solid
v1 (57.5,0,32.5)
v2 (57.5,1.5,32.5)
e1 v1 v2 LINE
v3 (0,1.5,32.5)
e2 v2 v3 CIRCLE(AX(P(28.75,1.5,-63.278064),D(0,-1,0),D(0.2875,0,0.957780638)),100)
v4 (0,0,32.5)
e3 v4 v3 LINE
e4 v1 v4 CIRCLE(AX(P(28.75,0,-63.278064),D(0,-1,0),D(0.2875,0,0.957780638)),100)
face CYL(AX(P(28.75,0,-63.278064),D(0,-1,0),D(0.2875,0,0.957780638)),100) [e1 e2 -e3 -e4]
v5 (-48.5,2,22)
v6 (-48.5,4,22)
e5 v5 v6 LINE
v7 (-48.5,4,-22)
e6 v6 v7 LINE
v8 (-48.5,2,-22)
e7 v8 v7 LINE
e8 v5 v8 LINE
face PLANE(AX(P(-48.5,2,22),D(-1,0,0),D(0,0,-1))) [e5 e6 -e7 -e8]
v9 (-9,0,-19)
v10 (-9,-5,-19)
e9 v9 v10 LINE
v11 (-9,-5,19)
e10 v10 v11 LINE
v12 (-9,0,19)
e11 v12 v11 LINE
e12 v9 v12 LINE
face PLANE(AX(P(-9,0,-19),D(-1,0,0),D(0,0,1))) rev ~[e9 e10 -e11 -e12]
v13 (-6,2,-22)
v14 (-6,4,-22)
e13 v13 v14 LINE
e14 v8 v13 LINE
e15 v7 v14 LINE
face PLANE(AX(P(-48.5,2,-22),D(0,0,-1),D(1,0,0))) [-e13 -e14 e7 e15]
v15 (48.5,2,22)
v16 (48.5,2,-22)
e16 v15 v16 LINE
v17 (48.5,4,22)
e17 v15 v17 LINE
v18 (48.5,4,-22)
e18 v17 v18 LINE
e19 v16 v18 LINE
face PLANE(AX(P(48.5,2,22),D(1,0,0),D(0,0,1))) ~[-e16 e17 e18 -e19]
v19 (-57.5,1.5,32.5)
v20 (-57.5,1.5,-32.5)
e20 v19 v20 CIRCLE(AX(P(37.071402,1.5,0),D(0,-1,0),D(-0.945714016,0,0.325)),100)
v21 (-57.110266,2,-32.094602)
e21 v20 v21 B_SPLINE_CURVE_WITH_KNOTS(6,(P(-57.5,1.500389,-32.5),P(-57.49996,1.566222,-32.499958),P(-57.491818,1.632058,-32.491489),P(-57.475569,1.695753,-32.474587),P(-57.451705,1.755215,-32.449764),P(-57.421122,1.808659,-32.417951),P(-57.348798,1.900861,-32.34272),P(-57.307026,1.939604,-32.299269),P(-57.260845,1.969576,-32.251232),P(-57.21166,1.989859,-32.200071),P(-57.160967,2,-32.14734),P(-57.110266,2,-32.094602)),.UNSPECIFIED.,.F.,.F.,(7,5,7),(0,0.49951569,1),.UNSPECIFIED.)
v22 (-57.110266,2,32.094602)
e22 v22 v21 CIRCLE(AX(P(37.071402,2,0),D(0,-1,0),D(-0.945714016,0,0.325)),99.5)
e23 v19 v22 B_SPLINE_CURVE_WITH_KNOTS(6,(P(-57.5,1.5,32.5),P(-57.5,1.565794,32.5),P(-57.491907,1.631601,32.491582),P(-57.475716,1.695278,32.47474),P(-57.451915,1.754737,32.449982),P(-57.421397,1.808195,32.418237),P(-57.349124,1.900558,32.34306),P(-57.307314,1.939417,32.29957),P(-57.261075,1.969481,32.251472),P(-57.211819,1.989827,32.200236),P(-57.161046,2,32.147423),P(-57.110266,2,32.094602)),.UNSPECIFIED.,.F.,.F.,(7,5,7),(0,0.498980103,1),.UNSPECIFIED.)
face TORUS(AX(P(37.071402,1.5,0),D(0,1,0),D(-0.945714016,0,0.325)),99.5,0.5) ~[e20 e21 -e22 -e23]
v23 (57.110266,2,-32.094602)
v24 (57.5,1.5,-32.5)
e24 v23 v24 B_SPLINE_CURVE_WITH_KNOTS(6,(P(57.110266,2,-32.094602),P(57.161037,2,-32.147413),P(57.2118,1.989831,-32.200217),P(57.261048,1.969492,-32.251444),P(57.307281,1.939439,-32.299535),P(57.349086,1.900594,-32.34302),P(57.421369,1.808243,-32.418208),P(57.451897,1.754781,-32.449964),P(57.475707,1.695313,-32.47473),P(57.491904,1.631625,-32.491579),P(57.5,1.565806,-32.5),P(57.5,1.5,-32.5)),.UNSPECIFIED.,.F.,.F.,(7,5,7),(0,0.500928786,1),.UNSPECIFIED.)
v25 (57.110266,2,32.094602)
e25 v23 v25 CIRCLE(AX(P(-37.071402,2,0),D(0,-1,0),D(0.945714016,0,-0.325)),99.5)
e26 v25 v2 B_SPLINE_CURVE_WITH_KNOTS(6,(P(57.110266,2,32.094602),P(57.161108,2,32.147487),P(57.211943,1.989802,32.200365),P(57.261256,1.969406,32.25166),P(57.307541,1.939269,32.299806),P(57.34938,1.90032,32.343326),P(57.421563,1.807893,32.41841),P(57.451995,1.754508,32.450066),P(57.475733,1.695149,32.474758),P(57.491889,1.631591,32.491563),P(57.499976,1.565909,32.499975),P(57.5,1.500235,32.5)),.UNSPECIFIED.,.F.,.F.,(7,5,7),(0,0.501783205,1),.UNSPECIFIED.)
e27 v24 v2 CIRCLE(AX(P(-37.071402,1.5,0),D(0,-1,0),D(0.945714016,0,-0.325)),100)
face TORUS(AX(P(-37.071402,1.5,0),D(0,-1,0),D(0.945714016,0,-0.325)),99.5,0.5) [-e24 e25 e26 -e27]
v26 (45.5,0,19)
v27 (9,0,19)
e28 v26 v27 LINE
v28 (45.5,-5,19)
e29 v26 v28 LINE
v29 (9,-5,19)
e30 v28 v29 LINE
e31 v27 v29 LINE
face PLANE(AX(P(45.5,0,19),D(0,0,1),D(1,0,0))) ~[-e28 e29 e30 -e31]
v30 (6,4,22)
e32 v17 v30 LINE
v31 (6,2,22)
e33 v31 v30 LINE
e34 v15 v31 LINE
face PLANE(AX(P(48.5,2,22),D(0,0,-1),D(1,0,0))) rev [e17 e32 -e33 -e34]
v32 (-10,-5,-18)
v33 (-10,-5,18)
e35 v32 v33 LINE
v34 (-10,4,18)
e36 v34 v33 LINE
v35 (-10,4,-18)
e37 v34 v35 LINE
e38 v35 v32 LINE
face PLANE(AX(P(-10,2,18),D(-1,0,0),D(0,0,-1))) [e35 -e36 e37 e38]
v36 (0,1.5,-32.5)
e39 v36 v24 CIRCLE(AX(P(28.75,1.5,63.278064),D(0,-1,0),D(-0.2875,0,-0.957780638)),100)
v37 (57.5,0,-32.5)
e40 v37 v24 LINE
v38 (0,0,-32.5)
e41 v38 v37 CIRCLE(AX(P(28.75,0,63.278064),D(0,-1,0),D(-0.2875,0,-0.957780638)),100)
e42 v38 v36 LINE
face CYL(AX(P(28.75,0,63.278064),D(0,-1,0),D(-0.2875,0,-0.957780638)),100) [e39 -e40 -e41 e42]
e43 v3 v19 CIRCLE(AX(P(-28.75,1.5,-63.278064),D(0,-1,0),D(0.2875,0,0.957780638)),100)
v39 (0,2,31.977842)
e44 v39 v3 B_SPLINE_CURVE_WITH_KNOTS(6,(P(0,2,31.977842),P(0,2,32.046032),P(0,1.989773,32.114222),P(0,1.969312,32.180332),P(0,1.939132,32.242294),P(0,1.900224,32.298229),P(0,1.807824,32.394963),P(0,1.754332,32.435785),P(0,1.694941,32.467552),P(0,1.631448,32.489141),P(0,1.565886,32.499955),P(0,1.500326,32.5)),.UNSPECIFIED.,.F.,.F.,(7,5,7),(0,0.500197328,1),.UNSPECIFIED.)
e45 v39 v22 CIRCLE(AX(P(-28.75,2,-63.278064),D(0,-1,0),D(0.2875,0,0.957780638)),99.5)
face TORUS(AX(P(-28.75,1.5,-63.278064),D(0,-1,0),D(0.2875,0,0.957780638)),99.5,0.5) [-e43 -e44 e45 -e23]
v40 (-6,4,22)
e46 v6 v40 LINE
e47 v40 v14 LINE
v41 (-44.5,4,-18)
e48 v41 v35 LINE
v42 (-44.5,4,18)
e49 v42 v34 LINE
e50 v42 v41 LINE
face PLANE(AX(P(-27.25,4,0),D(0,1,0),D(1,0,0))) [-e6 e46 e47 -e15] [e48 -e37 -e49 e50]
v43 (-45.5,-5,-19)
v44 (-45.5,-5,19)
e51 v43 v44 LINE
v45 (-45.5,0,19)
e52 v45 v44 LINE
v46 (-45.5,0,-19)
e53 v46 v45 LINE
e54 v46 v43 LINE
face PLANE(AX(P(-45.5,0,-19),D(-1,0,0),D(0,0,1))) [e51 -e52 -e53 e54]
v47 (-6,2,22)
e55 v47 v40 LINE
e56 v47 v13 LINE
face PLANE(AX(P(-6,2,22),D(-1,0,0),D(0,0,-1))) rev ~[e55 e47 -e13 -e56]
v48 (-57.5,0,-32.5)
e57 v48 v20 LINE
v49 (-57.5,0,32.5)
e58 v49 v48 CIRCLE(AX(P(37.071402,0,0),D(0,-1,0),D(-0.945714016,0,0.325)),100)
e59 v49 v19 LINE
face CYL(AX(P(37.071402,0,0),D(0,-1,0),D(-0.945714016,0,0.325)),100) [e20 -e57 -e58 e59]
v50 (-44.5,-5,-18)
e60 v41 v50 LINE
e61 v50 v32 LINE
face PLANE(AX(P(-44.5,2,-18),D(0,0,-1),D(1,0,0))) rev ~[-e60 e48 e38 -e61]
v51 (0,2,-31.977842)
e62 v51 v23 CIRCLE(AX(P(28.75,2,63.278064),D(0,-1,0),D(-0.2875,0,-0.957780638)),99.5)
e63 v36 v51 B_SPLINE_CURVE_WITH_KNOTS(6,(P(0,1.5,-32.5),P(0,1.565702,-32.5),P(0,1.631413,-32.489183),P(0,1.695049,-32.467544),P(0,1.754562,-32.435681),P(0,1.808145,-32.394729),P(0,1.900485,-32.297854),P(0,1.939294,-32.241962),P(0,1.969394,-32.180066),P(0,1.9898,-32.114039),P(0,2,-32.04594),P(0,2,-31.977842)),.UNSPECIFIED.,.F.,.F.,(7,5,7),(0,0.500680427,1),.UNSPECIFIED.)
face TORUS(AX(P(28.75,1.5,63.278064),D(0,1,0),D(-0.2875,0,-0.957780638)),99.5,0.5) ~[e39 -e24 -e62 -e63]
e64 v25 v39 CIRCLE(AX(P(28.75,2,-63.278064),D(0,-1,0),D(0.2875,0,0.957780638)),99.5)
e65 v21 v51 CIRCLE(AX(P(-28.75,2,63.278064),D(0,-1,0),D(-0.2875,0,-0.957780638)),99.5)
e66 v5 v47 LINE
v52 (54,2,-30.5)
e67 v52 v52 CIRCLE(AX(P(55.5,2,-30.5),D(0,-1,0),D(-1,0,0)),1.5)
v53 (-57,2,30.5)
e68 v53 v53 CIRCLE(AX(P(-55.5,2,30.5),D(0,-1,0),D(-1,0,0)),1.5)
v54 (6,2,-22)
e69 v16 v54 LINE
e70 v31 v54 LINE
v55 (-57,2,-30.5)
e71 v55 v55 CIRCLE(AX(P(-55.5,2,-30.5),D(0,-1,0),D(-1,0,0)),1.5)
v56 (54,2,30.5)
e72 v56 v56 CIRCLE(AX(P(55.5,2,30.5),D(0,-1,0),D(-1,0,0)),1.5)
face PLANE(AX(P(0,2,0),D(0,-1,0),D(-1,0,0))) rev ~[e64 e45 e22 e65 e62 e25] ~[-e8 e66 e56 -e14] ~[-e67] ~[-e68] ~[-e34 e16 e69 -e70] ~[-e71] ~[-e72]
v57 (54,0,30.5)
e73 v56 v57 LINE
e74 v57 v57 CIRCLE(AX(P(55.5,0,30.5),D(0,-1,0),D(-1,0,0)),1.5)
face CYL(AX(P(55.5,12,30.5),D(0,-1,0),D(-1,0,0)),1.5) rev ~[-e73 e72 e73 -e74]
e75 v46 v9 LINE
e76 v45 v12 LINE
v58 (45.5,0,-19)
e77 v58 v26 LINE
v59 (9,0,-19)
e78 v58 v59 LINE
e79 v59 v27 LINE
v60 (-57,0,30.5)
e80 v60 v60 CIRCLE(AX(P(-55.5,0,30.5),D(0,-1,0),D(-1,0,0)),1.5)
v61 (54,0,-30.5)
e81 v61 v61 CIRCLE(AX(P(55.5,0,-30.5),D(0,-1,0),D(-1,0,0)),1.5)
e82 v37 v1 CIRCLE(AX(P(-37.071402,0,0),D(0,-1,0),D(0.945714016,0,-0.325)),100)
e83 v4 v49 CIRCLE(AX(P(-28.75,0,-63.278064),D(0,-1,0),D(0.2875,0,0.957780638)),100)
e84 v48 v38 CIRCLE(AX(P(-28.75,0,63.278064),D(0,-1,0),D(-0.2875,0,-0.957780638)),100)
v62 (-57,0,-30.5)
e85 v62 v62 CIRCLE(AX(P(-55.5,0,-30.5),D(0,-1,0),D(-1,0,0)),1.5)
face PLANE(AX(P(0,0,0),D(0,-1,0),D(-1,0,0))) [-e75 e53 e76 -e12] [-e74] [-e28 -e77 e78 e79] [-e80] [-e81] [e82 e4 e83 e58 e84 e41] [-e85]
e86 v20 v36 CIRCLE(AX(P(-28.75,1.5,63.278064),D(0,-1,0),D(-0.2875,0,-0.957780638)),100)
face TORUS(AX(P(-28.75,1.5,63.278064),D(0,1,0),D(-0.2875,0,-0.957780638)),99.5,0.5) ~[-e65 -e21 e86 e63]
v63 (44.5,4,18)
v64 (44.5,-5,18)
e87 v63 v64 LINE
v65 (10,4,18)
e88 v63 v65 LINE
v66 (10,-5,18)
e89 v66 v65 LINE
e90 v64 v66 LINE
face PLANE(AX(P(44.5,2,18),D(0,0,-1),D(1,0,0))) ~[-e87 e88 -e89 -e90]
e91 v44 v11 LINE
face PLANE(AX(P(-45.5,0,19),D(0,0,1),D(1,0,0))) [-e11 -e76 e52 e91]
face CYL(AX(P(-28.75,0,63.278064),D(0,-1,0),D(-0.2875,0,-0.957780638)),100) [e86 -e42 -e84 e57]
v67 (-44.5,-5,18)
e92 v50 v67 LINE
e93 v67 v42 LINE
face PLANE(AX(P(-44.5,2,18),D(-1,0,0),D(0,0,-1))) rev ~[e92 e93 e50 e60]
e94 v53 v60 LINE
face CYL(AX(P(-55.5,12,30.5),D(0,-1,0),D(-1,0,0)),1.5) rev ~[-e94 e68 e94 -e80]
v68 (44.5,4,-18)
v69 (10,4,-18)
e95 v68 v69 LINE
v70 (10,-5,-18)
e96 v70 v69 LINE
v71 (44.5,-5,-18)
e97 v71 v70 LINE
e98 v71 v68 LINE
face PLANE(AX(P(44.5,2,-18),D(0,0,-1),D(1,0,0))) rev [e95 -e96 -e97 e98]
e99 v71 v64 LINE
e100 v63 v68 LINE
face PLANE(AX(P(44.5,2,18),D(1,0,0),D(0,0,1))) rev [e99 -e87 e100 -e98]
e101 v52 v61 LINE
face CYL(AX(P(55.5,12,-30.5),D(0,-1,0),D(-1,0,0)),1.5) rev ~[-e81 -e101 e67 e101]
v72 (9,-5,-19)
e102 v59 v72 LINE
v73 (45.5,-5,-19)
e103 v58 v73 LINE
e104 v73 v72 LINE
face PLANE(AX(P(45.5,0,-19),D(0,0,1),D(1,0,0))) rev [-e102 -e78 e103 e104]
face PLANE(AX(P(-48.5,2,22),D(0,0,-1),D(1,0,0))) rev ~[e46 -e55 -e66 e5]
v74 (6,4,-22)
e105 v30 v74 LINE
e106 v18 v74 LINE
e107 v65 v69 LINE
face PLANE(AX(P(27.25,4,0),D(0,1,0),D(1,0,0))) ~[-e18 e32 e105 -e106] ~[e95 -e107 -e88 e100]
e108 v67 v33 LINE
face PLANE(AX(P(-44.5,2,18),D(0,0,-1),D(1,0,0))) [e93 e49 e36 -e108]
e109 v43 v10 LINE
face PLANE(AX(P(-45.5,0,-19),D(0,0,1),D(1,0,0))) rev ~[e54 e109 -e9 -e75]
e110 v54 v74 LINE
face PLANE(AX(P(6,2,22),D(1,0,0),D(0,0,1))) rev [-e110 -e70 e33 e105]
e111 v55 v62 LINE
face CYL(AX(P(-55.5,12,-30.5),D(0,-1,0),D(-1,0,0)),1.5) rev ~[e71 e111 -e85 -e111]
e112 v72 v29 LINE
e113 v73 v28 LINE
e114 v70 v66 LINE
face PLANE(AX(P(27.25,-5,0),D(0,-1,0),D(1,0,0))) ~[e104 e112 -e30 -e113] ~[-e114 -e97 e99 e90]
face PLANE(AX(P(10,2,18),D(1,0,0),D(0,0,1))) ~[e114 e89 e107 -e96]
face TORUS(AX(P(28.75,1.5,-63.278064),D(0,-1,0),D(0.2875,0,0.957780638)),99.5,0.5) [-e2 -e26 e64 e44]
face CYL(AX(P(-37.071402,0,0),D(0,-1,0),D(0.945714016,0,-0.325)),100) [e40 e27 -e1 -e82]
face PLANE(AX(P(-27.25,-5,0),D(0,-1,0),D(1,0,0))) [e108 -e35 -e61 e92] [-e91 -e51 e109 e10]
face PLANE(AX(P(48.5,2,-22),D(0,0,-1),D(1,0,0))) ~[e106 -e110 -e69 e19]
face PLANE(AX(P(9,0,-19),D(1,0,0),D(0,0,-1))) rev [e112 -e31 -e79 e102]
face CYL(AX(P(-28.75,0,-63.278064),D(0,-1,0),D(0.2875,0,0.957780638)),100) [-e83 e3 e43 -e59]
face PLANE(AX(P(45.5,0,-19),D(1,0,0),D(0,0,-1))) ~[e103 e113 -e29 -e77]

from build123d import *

# Parameters (mm, degrees)
BOSS_EXTRUDE1_DEPTH = 2
HOLE1_D             = 3
HOLE1_DEPTH         = 10
FILLET1_R           = 0.5
SKETCH7_W           = 34.5
SKETCH7_H           = 36
CUT_EXTRUDE1_DEPTH  = 2
SKETCH9_W           = 36.5
SKETCH9_H           = 38
SKETCH9_W_2         = 34.5
SKETCH9_H_2         = 36
BOSS_EXTRUDE2_DEPTH = 5
SKETCH10_W          = 42.5
SKETCH10_H          = 44
SKETCH10_W_2        = 34.5
SKETCH10_H_2        = 36
BOSS_EXTRUDE3_DEPTH = 2


with BuildPart() as part:
    # Sketch2 → Boss-Extrude1 (new body)
    with BuildSketch(Plane(origin=(0, 0, 0), x_dir=(1, 0, 0), z_dir=(0, 1, 0))):
        with BuildLine():
            ThreePointArc((-57.5, 32.5), (-28.75, 36.721936228), (0, 32.5))
            ThreePointArc((0, 32.5), (28.75, 36.721936228), (57.5, 32.5))
            ThreePointArc((57.5, 32.5), (62.928598403, 0), (57.5, -32.5))
            ThreePointArc((57.5, -32.5), (28.75, -36.721936228), (0, -32.5))
            ThreePointArc((0, -32.5), (-28.75, -36.721936228), (-57.5, -32.5))
            ThreePointArc((-57.5, -32.5), (-62.928598403, 0), (-57.5, 32.5))
        make_face()
    extrude(amount=BOSS_EXTRUDE1_DEPTH)

    # Hole1
    with Locations(Plane(origin=(0, 2, 0), x_dir=(1, 0, 0), z_dir=(0, 1, 0))):
        with Locations((-55.5, 30.5), (55.5, 30.5), (55.5, -30.5), (-55.5, -30.5)):
            Hole(HOLE1_D / 2, depth=HOLE1_DEPTH)

    # Fillet1
    fillet1_edges = [part.edges().sort_by_distance(p)[0] for p in [
        (28.75, 2, 36.721936228),
        (62.928598403, 2, 0),
        (28.75, 2, -36.721936228),
        (-28.75, 2, -36.721936228),
        (-62.928598403, 2, 0),
        (-28.75, 2, 36.721936228),
    ]]
    fillet(fillet1_edges, radius=FILLET1_R)

    # Sketch7 → Cut-Extrude1 (cut)
    with BuildSketch(Plane(origin=(0, 2, 0), x_dir=(1, 0, 0), z_dir=(0, 1, 0))):
        with Locations((-27.25, 0)):
            Rectangle(SKETCH7_W, SKETCH7_H)
    cut_extrude1 = extrude(amount=-CUT_EXTRUDE1_DEPTH, mode=Mode.SUBTRACT)

    # Sketch9 → Boss-Extrude2 (add)
    with BuildSketch(Plane.XZ):
        with Locations((-27.25, 0)):
            Rectangle(SKETCH9_W, SKETCH9_H)
        with Locations((-27.25, 0)):
            Rectangle(SKETCH9_W_2, SKETCH9_H_2, mode=Mode.SUBTRACT)
    boss_extrude2 = extrude(amount=BOSS_EXTRUDE2_DEPTH)

    # Sketch10 → Boss-Extrude3 (add)
    with BuildSketch(Plane(origin=(0, 2, 0), x_dir=(1, 0, 0), z_dir=(0, 1, 0))):
        with Locations((-27.25, 0)):
            Rectangle(SKETCH10_W, SKETCH10_H)
        with Locations((-27.25, 0)):
            Rectangle(SKETCH10_W_2, SKETCH10_H_2, mode=Mode.SUBTRACT)
    boss_extrude3 = extrude(amount=BOSS_EXTRUDE3_DEPTH)

    # Mirror1: Cut-Extrude1, Boss-Extrude2, Boss-Extrude3 across plane
    add(cut_extrude1.mirror(Plane(origin=(0, 0, 0), x_dir=(0, 0, 1), z_dir=(1, 0, 0))), mode=Mode.SUBTRACT)
    add(boss_extrude2.mirror(Plane(origin=(0, 0, 0), x_dir=(0, 0, 1), z_dir=(1, 0, 0))))
    add(boss_extrude3.mirror(Plane(origin=(0, 0, 0), x_dir=(0, 0, 1), z_dir=(1, 0, 0))))


solid = part.part
